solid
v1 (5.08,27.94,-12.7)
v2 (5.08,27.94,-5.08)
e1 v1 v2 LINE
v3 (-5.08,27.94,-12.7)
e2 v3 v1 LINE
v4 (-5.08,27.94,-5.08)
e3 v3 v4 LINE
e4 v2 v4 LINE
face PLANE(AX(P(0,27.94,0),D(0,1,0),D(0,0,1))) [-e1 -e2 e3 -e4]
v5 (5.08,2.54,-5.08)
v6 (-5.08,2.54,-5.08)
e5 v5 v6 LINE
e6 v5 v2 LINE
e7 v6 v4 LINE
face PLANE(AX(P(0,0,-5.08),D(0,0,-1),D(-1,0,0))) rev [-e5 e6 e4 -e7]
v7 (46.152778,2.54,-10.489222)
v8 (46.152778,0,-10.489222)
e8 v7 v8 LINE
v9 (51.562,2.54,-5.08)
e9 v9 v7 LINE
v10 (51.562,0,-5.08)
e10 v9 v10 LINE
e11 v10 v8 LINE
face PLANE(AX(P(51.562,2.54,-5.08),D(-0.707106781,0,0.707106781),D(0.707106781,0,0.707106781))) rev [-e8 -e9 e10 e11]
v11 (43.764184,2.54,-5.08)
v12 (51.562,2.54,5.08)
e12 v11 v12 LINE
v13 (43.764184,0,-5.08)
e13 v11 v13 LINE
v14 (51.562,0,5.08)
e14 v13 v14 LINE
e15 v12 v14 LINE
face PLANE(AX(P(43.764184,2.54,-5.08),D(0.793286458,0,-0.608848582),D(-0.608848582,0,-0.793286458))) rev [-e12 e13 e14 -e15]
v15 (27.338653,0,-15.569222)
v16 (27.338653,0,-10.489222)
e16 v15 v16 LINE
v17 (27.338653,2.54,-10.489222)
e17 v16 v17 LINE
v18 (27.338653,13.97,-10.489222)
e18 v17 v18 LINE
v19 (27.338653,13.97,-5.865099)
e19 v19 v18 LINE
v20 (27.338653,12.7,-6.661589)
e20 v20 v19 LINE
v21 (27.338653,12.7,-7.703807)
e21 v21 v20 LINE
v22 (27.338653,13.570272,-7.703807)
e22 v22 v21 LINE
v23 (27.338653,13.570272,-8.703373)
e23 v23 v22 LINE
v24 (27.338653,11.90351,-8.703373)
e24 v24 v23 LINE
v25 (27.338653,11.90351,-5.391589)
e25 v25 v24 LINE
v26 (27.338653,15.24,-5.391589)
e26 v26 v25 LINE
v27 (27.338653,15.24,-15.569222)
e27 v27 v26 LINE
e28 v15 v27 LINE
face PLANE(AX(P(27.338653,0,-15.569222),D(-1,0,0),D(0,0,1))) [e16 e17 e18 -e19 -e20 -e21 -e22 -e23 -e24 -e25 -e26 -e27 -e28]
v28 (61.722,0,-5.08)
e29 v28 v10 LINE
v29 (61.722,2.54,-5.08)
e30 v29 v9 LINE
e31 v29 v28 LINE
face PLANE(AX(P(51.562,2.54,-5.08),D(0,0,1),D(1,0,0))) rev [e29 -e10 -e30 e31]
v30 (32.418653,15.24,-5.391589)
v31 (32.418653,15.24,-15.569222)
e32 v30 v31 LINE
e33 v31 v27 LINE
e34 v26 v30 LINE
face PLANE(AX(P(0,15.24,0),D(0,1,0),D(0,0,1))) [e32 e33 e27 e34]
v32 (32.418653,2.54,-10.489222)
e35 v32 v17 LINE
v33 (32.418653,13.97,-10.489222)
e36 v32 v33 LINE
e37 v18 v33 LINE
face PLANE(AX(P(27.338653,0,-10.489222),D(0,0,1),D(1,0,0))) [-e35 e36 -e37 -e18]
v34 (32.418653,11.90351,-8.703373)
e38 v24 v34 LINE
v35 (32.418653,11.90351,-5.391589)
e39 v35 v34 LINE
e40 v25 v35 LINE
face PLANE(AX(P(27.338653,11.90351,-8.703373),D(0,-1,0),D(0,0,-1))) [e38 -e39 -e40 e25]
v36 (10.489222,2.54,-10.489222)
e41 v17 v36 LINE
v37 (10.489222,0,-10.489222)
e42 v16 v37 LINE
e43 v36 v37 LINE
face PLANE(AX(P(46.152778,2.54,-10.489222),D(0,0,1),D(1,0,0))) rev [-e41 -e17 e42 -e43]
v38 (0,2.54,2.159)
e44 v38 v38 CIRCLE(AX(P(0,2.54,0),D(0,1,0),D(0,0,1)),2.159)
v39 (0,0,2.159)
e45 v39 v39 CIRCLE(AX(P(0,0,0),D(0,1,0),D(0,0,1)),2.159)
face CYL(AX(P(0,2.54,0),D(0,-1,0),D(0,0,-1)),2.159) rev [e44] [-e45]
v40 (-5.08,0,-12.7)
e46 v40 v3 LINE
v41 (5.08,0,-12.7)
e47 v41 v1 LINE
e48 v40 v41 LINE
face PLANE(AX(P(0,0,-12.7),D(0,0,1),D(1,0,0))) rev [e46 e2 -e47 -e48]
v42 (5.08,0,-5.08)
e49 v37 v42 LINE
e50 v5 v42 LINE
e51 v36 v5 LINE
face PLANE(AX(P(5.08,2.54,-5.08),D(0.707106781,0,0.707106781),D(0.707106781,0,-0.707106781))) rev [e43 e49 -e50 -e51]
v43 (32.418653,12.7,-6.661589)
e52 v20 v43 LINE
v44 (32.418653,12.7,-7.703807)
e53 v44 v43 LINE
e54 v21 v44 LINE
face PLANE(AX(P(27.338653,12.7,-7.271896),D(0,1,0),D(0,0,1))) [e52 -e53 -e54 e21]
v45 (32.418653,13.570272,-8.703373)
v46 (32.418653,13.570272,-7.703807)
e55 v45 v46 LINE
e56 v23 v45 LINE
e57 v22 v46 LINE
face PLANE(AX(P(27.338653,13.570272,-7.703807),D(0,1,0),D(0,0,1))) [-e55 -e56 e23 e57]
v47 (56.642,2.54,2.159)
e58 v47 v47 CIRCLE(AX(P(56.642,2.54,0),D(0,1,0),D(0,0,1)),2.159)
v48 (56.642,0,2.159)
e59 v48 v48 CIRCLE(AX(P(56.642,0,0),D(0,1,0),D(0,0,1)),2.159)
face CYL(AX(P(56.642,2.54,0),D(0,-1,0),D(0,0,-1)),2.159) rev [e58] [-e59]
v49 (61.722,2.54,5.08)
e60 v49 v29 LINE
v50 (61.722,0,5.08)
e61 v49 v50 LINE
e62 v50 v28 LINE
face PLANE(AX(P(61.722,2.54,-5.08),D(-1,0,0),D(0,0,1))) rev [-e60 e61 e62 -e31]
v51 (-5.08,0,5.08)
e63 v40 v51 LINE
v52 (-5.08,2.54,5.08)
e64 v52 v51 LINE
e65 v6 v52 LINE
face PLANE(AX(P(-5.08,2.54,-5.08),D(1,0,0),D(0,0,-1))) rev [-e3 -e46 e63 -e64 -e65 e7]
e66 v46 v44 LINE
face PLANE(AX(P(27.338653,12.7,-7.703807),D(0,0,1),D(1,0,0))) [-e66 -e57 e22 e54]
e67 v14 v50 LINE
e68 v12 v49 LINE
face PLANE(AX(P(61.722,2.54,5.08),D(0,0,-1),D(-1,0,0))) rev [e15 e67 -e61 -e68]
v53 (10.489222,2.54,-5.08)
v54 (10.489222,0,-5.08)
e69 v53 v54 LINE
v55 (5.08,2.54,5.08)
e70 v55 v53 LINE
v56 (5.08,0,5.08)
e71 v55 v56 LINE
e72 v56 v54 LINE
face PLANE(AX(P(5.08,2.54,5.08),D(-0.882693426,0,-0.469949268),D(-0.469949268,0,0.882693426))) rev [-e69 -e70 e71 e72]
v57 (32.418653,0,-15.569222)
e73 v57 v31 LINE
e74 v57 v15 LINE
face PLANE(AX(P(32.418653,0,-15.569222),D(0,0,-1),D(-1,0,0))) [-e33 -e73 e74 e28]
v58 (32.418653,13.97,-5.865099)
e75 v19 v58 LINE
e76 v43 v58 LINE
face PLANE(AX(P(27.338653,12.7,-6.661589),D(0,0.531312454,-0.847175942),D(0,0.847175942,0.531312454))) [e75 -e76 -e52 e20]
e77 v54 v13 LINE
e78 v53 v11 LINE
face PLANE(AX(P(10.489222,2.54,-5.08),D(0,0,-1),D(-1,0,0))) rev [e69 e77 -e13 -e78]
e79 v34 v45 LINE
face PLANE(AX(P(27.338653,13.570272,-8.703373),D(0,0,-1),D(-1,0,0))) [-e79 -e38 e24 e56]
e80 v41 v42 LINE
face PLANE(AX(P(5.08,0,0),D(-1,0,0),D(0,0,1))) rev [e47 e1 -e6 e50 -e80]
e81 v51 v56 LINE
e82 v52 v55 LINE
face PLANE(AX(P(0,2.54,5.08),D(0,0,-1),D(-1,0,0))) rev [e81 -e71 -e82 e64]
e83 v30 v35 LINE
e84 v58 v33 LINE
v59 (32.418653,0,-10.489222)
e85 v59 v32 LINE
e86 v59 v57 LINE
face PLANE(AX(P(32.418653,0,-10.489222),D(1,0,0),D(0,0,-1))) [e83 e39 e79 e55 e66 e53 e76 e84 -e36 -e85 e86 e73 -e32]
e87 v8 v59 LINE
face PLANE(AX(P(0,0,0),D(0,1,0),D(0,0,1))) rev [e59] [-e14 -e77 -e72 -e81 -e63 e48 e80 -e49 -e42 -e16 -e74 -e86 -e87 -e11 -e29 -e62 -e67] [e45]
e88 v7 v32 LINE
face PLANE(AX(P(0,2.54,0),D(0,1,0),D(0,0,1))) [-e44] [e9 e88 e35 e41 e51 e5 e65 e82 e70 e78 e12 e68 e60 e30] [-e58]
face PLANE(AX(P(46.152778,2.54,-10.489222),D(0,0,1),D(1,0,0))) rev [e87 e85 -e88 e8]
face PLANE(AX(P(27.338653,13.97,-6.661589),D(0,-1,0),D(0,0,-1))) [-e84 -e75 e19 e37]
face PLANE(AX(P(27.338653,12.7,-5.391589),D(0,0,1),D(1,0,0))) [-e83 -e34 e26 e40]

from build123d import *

# Parameters (mm, degrees)
SKETCH1_R                = 2.159
BOSS_EXTRUDE2_DEPTH      = 2.54
BOSS_EXTRUDE5_DEPTH      = 25.4
BOSS_EXTRUDE5_DEPTH_BACK = 2.54
BOSS_EXTRUDE8_DEPTH      = 12.7
BOSS_EXTRUDE8_DEPTH_BACK = 2.54
SKETCH4_W                = 5.08
SKETCH4_H                = 5.08
BOSS_EXTRUDE9_DEPTH      = 5.08


with BuildPart() as part:
    # Sketch1 → Boss-Extrude2 (new body)
    with BuildSketch(Plane(origin=(0, 0, 0), x_dir=(1, 0, 0), z_dir=(0, 1, 0))):
        Polygon((0, -5.08), (5.08, -5.08), (10.489221848, 5.08), (43.764184298, 5.08), (51.562, -5.08), (61.722, -5.08), (61.722, 5.08), (56.642, 5.08), (51.562, 5.08), (46.152778152, 10.489221848), (10.489221848, 10.489221848), (5.08, 5.08), (-5.08, 5.08), (-5.08, -5.08), align=None)
        Circle(SKETCH1_R, mode=Mode.SUBTRACT)
        with Locations((56.642, 0)):
            Circle(SKETCH1_R, mode=Mode.SUBTRACT)
    extrude(amount=BOSS_EXTRUDE2_DEPTH)

    # Sketch3 → Boss-Extrude5 (add, two sides: drawn at the far end of the back side and taken through both)
    with BuildSketch(Plane(origin=(0, 2.54, 0), x_dir=(1, 0, 0), z_dir=(0, 1, 0)).offset(-BOSS_EXTRUDE5_DEPTH_BACK)):
        Polygon((-5.08, 5.08), (5.08, 5.08), (5.08, 12.7), (0, 12.7), (-5.08, 12.7), align=None)
    extrude(amount=BOSS_EXTRUDE5_DEPTH + BOSS_EXTRUDE5_DEPTH_BACK)

    # Sketch4 → Boss-Extrude8 (add, two sides: drawn at the far end of the back side and taken through both)
    with BuildSketch(Plane(origin=(0, 2.54, 0), x_dir=(1, 0, 0), z_dir=(0, 1, 0)).offset(-BOSS_EXTRUDE8_DEPTH_BACK)):
        with Locations((29.878652905, 13.029221848)):
            Rectangle(SKETCH4_W, SKETCH4_H)
    extrude(amount=BOSS_EXTRUDE8_DEPTH + BOSS_EXTRUDE8_DEPTH_BACK)

    # Sketch7 → Boss-Extrude9 (add)
    with BuildSketch(Plane(origin=(32.418652905, 0, 0), x_dir=(0, 0, -1), z_dir=(1, 0, 0))):
        Polygon((10.489221848, 15.24), (5.391589044, 15.24), (5.391589044, 12.7), (5.391589044, 11.903510412), (7.271896049, 11.903510412), (8.703373283, 11.903510412), (8.703373283, 13.570272135), (7.703807283, 13.570272135), (7.703807283, 12.7), (7.271896049, 12.7), (6.661589044, 12.7), (5.865099456, 13.97), (6.661589044, 13.97), (10.489221848, 13.97), align=None)
    extrude(amount=-BOSS_EXTRUDE9_DEPTH)


solid = part.part
